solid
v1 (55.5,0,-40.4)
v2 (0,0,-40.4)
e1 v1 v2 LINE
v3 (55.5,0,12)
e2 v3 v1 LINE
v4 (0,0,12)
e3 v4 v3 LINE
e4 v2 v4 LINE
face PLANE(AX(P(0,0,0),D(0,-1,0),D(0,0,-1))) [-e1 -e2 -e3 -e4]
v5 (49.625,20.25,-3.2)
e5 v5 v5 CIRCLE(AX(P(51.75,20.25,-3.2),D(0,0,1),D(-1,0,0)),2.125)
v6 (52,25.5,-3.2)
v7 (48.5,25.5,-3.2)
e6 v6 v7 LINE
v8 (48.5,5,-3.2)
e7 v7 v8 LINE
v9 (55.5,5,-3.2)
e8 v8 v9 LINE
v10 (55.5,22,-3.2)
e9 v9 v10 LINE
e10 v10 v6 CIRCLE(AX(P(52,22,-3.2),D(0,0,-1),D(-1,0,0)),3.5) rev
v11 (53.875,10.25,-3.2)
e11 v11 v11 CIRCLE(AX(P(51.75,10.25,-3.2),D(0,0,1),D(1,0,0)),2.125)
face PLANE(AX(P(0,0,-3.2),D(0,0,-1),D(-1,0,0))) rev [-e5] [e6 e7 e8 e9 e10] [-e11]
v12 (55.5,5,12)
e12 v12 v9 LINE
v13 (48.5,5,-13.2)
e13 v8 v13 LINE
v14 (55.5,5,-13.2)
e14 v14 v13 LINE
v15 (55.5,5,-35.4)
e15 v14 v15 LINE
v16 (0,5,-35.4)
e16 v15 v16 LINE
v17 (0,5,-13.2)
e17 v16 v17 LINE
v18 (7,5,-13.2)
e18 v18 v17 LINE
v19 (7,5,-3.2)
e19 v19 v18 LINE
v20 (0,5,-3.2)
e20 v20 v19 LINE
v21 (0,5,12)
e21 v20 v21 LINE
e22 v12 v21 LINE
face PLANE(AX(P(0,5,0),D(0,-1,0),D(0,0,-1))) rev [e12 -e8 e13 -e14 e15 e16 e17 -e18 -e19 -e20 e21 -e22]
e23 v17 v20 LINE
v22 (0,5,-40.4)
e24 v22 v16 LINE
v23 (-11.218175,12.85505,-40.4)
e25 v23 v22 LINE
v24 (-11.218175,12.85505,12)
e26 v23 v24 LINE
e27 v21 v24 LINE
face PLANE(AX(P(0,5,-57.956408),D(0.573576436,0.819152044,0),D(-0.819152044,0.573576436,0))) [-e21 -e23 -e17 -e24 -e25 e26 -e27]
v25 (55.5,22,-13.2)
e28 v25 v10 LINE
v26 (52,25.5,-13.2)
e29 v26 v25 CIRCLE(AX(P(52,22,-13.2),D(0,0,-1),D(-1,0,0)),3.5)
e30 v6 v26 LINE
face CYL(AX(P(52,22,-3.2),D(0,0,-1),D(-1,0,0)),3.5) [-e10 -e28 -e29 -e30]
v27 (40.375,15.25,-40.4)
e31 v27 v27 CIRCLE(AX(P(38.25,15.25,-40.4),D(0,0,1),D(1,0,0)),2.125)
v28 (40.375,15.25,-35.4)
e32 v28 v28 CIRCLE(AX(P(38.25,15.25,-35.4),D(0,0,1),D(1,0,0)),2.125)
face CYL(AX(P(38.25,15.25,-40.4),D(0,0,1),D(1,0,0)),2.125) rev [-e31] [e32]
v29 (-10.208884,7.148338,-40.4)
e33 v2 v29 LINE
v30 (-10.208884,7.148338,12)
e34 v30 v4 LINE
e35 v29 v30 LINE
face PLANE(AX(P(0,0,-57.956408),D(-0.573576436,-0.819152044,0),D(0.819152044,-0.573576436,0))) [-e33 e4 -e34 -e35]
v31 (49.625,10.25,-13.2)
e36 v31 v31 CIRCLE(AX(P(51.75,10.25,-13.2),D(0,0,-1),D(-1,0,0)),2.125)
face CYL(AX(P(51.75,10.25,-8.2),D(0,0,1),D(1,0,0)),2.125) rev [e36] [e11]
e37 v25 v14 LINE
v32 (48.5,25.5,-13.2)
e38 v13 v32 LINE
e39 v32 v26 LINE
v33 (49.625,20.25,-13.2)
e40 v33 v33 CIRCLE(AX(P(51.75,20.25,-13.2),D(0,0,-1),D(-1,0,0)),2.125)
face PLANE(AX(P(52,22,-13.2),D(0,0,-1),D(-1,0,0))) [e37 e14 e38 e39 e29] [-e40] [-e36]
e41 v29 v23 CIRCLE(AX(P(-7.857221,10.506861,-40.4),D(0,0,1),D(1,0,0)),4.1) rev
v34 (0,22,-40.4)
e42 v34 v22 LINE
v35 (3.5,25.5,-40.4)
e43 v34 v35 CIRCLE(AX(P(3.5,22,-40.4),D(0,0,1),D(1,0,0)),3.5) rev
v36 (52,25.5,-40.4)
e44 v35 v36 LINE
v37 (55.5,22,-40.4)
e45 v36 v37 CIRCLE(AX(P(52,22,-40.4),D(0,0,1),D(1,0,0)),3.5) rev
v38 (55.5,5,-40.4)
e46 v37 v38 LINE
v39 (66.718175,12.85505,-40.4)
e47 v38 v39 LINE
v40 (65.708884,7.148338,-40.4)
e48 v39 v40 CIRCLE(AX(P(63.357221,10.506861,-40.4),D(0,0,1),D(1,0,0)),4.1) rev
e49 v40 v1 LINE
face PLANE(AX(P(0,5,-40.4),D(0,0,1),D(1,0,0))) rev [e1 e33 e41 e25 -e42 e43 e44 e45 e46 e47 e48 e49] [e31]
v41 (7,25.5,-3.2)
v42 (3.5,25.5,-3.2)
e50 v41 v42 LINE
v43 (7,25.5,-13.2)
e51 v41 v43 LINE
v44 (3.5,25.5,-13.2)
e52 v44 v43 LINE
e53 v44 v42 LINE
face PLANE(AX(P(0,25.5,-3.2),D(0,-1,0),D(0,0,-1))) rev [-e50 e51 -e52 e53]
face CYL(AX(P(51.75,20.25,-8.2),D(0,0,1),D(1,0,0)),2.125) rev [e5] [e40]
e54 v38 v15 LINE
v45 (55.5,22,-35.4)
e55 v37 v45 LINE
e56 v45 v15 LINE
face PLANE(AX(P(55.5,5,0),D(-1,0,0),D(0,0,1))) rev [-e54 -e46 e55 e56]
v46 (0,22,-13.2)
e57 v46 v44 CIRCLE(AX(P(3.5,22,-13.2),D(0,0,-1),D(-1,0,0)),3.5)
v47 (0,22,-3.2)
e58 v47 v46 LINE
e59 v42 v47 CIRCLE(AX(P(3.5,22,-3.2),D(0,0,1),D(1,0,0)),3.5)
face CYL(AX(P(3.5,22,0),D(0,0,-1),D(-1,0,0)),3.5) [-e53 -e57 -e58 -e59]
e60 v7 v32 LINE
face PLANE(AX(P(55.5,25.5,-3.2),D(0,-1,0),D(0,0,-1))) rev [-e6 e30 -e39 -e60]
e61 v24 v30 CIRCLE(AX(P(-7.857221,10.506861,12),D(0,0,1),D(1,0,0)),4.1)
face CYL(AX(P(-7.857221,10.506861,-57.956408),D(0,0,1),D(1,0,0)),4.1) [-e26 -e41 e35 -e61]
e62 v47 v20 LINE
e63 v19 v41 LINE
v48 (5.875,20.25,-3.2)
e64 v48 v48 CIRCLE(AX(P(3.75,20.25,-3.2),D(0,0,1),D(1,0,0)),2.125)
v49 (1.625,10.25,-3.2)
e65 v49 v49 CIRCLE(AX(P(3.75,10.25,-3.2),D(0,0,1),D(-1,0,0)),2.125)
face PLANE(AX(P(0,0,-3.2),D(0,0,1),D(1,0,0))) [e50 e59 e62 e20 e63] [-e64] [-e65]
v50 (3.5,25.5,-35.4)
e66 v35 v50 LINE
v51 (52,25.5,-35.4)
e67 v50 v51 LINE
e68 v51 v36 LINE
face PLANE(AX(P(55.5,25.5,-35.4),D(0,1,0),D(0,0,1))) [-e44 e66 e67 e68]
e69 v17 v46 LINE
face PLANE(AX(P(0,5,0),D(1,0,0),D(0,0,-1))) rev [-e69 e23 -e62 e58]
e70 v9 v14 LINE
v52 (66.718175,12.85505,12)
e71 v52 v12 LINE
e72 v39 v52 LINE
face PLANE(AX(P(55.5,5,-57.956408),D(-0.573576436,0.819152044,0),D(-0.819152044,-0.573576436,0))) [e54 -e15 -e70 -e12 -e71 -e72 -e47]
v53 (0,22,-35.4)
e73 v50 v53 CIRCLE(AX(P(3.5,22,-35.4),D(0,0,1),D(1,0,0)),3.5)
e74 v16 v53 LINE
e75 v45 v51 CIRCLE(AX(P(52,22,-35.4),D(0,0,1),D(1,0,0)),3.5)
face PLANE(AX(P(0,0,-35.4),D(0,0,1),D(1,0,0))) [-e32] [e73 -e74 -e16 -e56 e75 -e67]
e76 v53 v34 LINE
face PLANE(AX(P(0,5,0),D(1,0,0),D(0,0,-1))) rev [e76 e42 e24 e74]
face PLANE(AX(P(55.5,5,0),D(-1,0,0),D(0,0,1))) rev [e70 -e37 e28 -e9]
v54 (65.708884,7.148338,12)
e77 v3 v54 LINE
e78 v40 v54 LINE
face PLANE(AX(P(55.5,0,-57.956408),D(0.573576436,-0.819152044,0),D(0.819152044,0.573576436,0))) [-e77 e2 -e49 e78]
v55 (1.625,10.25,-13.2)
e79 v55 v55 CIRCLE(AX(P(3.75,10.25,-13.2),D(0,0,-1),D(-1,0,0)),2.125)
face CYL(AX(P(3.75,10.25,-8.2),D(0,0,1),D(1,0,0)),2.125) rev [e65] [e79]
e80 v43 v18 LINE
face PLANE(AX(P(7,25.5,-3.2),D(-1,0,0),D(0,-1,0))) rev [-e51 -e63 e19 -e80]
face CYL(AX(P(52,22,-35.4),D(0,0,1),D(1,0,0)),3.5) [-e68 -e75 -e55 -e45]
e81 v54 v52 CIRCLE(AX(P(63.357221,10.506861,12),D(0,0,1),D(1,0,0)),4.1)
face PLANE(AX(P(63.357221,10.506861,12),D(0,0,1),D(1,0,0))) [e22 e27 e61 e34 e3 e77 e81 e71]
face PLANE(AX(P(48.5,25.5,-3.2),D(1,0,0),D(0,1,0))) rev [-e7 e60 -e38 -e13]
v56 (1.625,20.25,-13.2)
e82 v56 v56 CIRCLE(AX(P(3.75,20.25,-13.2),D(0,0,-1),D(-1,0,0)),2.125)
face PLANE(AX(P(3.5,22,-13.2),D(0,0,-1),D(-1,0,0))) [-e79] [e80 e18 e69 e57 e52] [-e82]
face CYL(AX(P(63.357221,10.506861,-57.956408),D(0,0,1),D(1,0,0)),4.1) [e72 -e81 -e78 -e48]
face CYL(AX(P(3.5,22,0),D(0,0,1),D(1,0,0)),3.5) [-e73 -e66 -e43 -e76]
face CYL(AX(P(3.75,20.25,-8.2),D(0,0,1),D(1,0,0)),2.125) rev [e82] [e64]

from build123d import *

# Parameters (mm, degrees)
SKETCH1_W           = 55.5
SKETCH1_H           = 40.4
BASE_DEPTH          = 5
SKETCH2_W           = 55.5
SKETCH2_H           = 25.5
WALL_DEPTH          = 5
SKETCH3_W           = 7
SKETCH3_H           = 20.5
MOUNTINGTABS_DEPTH  = 5
LIPS_REACH          = 75.23
SKETCH5_R           = 2.125
MOUNTINGHOLES_DEPTH = 5
FILLETS_R           = 3.5
SKETCH6_R           = 2.125
THROUGHHOLE_DEPTH   = 5
SKETCH7_R           = 2.125
BOSS_EXTRUDE1_DEPTH = 5
BOSS_EXTRUDE2_START = 12
BOSS_EXTRUDE2_DEPTH = 12


with BuildPart() as part:
    # Sketch1 → base (new body)
    with BuildSketch(Plane(origin=(0, 0, 0), x_dir=(1, 0, 0), z_dir=(0, 1, 0))):
        with Locations((27.75, 20.2)):
            Rectangle(SKETCH1_W, SKETCH1_H)
    extrude(amount=BASE_DEPTH)

    # Sketch2 → wall (add)
    with BuildSketch(Plane(origin=(0, 0, -40.4), x_dir=(-1, 0, 0), z_dir=(0, 0, -1))):
        with Locations((-27.75, 12.75)):
            Rectangle(SKETCH2_W, SKETCH2_H)
    extrude(amount=-WALL_DEPTH)

    # Sketch3 → mountingTabs (add)
    with BuildSketch(Plane.XY.offset(-8.2)):
        with Locations((3.5, 15.25)):
            Rectangle(SKETCH3_W, SKETCH3_H)
        with Locations((52, 15.25)):
            Rectangle(SKETCH3_W, SKETCH3_H)
    extrude(amount=MOUNTINGTABS_DEPTH)

    # lips: up to this face of the body (flat: up to its plane)
    lips_end = Plane(part.part.faces().sort_by_distance((27.75, 12.75, -40.4))[0])
    # Sketch4 → lips (add, up to the picked face)
    with BuildSketch(Plane.XY, mode=Mode.PRIVATE) as lips_sk1:
        with BuildLine():
            Line((0, 0), (-10.208884478, 7.148337868))
            ThreePointArc((-10.208884478, 7.148337868), (-11.894564223, 9.792816133), (-11.218174515, 12.85505036))
            Line((-11.218174515, 12.85505036), (0, 5))
            Line((0, 5), (0, 0))
        make_face()
    lips_tool1 = split(extrude(lips_sk1.sketch, amount=-LIPS_REACH, mode=Mode.PRIVATE), bisect_by=lips_end, keep=Keep.BOTH, mode=Mode.PRIVATE)
    # Sketch4 → lips (add, up to the picked face)
    with BuildSketch(Plane.XY, mode=Mode.PRIVATE) as lips_sk2:
        with BuildLine():
            Line((55.5, 5), (66.718174515, 12.85505036))
            ThreePointArc((66.718174515, 12.85505036), (67.394564223, 9.792816133), (65.708884478, 7.148337868))
            Line((65.708884478, 7.148337868), (55.5, 0))
            Line((55.5, 0), (55.5, 5))
        make_face()
    lips_tool2 = split(extrude(lips_sk2.sketch, amount=-LIPS_REACH, mode=Mode.PRIVATE), bisect_by=lips_end, keep=Keep.BOTH, mode=Mode.PRIVATE)
    add(lips_tool1.solids().sort_by(Axis((-5.839287, 6.590277, 0), (0, 0, -1)))[0])
    add(lips_tool2.solids().sort_by(Axis((61.339287, 6.590277, 0), (0, 0, -1)))[0])

    # Sketch5 → mountingHoles (cut)
    with BuildSketch(Plane.XY.offset(-3.2)):
        with Locations((3.75, 20.25)):
            Circle(SKETCH5_R)
        with Locations(Location((3.75, 10.25, 0), (0, 0, 180))):
            Circle(SKETCH5_R)
        with Locations((51.75, 10.25)):
            Circle(SKETCH5_R)
        with Locations(Location((51.75, 20.25, 0), (0, 0, 180))):
            Circle(SKETCH5_R)
    extrude(amount=-MOUNTINGHOLES_DEPTH, mode=Mode.SUBTRACT)

    # fillets
    fillets_edges = [part.edges().sort_by_distance(p)[0] for p in [
        (0, 25.5, -37.9),
        (55.5, 25.5, -37.9),
        (0, 25.5, -5.7),
        (55.5, 25.5, -5.7),
    ]]
    fillet(fillets_edges, radius=FILLETS_R)

    # Sketch6 → throughHole (cut)
    with BuildSketch(Plane.XY.offset(-35.4)):
        with Locations((38.25, 15.25)):
            Circle(SKETCH6_R)
    extrude(amount=-THROUGHHOLE_DEPTH, mode=Mode.SUBTRACT)

    # Sketch7 → Boss-Extrude1 (add)
    # profile 1 of 2: a face of its own
    with BuildSketch(Plane(origin=(0, 0, -8.2), x_dir=(-1, 0, 0), z_dir=(0, 0, -1))):
        with BuildLine():
            Line((-48.5, 25.5), (-52, 25.5))
            ThreePointArc((-52, 25.5), (-54.474873734, 24.474873734), (-55.5, 22))
            Line((-55.5, 22), (-55.5, 5))
            Line((-55.5, 5), (-48.5, 5))
            Line((-48.5, 5), (-48.5, 25.5))
        make_face()
        with Locations((-51.75, 20.25)):
            Circle(SKETCH7_R, mode=Mode.SUBTRACT)
        with Locations(Location((-51.75, 10.25, 0), (0, 0, 180))):
            Circle(SKETCH7_R, mode=Mode.SUBTRACT)
    # profile 2 of 2: a face of its own
    with BuildSketch(Plane(origin=(0, 0, -8.2), x_dir=(-1, 0, 0), z_dir=(0, 0, -1))):
        with BuildLine():
            Line((0, 5), (0, 22))
            ThreePointArc((0, 22), (-1.025126266, 24.474873734), (-3.5, 25.5))
            Line((-3.5, 25.5), (-7, 25.5))
            Line((-7, 25.5), (-7, 5))
            Line((-7, 5), (0, 5))
        make_face()
        with Locations((-3.75, 10.25)):
            Circle(SKETCH7_R, mode=Mode.SUBTRACT)
        with Locations(Location((-3.75, 20.25, 0), (0, 0, 180))):
            Circle(SKETCH7_R, mode=Mode.SUBTRACT)
    extrude(amount=BOSS_EXTRUDE1_DEPTH)

    # Sketch8 → Boss-Extrude2 (add)
    with BuildSketch(Plane.XY.offset(BOSS_EXTRUDE2_START)):
        with BuildLine():
            Line((0, 0), (55.5, 0))
            Line((55.5, 0), (65.708884478, 7.148337868))
            ThreePointArc((65.708884478, 7.148337868), (67.394564223, 9.792816133), (66.718174515, 12.85505036))
            Line((66.718174515, 12.85505036), (55.5, 5))
            Line((55.5, 5), (0, 5))
            Line((0, 5), (-11.218174515, 12.85505036))
            ThreePointArc((-11.218174515, 12.85505036), (-11.894564223, 9.792816133), (-10.208884478, 7.148337868))
            Line((-10.208884478, 7.148337868), (0, 0))
        make_face()
    extrude(amount=-BOSS_EXTRUDE2_DEPTH)


solid = part.part
